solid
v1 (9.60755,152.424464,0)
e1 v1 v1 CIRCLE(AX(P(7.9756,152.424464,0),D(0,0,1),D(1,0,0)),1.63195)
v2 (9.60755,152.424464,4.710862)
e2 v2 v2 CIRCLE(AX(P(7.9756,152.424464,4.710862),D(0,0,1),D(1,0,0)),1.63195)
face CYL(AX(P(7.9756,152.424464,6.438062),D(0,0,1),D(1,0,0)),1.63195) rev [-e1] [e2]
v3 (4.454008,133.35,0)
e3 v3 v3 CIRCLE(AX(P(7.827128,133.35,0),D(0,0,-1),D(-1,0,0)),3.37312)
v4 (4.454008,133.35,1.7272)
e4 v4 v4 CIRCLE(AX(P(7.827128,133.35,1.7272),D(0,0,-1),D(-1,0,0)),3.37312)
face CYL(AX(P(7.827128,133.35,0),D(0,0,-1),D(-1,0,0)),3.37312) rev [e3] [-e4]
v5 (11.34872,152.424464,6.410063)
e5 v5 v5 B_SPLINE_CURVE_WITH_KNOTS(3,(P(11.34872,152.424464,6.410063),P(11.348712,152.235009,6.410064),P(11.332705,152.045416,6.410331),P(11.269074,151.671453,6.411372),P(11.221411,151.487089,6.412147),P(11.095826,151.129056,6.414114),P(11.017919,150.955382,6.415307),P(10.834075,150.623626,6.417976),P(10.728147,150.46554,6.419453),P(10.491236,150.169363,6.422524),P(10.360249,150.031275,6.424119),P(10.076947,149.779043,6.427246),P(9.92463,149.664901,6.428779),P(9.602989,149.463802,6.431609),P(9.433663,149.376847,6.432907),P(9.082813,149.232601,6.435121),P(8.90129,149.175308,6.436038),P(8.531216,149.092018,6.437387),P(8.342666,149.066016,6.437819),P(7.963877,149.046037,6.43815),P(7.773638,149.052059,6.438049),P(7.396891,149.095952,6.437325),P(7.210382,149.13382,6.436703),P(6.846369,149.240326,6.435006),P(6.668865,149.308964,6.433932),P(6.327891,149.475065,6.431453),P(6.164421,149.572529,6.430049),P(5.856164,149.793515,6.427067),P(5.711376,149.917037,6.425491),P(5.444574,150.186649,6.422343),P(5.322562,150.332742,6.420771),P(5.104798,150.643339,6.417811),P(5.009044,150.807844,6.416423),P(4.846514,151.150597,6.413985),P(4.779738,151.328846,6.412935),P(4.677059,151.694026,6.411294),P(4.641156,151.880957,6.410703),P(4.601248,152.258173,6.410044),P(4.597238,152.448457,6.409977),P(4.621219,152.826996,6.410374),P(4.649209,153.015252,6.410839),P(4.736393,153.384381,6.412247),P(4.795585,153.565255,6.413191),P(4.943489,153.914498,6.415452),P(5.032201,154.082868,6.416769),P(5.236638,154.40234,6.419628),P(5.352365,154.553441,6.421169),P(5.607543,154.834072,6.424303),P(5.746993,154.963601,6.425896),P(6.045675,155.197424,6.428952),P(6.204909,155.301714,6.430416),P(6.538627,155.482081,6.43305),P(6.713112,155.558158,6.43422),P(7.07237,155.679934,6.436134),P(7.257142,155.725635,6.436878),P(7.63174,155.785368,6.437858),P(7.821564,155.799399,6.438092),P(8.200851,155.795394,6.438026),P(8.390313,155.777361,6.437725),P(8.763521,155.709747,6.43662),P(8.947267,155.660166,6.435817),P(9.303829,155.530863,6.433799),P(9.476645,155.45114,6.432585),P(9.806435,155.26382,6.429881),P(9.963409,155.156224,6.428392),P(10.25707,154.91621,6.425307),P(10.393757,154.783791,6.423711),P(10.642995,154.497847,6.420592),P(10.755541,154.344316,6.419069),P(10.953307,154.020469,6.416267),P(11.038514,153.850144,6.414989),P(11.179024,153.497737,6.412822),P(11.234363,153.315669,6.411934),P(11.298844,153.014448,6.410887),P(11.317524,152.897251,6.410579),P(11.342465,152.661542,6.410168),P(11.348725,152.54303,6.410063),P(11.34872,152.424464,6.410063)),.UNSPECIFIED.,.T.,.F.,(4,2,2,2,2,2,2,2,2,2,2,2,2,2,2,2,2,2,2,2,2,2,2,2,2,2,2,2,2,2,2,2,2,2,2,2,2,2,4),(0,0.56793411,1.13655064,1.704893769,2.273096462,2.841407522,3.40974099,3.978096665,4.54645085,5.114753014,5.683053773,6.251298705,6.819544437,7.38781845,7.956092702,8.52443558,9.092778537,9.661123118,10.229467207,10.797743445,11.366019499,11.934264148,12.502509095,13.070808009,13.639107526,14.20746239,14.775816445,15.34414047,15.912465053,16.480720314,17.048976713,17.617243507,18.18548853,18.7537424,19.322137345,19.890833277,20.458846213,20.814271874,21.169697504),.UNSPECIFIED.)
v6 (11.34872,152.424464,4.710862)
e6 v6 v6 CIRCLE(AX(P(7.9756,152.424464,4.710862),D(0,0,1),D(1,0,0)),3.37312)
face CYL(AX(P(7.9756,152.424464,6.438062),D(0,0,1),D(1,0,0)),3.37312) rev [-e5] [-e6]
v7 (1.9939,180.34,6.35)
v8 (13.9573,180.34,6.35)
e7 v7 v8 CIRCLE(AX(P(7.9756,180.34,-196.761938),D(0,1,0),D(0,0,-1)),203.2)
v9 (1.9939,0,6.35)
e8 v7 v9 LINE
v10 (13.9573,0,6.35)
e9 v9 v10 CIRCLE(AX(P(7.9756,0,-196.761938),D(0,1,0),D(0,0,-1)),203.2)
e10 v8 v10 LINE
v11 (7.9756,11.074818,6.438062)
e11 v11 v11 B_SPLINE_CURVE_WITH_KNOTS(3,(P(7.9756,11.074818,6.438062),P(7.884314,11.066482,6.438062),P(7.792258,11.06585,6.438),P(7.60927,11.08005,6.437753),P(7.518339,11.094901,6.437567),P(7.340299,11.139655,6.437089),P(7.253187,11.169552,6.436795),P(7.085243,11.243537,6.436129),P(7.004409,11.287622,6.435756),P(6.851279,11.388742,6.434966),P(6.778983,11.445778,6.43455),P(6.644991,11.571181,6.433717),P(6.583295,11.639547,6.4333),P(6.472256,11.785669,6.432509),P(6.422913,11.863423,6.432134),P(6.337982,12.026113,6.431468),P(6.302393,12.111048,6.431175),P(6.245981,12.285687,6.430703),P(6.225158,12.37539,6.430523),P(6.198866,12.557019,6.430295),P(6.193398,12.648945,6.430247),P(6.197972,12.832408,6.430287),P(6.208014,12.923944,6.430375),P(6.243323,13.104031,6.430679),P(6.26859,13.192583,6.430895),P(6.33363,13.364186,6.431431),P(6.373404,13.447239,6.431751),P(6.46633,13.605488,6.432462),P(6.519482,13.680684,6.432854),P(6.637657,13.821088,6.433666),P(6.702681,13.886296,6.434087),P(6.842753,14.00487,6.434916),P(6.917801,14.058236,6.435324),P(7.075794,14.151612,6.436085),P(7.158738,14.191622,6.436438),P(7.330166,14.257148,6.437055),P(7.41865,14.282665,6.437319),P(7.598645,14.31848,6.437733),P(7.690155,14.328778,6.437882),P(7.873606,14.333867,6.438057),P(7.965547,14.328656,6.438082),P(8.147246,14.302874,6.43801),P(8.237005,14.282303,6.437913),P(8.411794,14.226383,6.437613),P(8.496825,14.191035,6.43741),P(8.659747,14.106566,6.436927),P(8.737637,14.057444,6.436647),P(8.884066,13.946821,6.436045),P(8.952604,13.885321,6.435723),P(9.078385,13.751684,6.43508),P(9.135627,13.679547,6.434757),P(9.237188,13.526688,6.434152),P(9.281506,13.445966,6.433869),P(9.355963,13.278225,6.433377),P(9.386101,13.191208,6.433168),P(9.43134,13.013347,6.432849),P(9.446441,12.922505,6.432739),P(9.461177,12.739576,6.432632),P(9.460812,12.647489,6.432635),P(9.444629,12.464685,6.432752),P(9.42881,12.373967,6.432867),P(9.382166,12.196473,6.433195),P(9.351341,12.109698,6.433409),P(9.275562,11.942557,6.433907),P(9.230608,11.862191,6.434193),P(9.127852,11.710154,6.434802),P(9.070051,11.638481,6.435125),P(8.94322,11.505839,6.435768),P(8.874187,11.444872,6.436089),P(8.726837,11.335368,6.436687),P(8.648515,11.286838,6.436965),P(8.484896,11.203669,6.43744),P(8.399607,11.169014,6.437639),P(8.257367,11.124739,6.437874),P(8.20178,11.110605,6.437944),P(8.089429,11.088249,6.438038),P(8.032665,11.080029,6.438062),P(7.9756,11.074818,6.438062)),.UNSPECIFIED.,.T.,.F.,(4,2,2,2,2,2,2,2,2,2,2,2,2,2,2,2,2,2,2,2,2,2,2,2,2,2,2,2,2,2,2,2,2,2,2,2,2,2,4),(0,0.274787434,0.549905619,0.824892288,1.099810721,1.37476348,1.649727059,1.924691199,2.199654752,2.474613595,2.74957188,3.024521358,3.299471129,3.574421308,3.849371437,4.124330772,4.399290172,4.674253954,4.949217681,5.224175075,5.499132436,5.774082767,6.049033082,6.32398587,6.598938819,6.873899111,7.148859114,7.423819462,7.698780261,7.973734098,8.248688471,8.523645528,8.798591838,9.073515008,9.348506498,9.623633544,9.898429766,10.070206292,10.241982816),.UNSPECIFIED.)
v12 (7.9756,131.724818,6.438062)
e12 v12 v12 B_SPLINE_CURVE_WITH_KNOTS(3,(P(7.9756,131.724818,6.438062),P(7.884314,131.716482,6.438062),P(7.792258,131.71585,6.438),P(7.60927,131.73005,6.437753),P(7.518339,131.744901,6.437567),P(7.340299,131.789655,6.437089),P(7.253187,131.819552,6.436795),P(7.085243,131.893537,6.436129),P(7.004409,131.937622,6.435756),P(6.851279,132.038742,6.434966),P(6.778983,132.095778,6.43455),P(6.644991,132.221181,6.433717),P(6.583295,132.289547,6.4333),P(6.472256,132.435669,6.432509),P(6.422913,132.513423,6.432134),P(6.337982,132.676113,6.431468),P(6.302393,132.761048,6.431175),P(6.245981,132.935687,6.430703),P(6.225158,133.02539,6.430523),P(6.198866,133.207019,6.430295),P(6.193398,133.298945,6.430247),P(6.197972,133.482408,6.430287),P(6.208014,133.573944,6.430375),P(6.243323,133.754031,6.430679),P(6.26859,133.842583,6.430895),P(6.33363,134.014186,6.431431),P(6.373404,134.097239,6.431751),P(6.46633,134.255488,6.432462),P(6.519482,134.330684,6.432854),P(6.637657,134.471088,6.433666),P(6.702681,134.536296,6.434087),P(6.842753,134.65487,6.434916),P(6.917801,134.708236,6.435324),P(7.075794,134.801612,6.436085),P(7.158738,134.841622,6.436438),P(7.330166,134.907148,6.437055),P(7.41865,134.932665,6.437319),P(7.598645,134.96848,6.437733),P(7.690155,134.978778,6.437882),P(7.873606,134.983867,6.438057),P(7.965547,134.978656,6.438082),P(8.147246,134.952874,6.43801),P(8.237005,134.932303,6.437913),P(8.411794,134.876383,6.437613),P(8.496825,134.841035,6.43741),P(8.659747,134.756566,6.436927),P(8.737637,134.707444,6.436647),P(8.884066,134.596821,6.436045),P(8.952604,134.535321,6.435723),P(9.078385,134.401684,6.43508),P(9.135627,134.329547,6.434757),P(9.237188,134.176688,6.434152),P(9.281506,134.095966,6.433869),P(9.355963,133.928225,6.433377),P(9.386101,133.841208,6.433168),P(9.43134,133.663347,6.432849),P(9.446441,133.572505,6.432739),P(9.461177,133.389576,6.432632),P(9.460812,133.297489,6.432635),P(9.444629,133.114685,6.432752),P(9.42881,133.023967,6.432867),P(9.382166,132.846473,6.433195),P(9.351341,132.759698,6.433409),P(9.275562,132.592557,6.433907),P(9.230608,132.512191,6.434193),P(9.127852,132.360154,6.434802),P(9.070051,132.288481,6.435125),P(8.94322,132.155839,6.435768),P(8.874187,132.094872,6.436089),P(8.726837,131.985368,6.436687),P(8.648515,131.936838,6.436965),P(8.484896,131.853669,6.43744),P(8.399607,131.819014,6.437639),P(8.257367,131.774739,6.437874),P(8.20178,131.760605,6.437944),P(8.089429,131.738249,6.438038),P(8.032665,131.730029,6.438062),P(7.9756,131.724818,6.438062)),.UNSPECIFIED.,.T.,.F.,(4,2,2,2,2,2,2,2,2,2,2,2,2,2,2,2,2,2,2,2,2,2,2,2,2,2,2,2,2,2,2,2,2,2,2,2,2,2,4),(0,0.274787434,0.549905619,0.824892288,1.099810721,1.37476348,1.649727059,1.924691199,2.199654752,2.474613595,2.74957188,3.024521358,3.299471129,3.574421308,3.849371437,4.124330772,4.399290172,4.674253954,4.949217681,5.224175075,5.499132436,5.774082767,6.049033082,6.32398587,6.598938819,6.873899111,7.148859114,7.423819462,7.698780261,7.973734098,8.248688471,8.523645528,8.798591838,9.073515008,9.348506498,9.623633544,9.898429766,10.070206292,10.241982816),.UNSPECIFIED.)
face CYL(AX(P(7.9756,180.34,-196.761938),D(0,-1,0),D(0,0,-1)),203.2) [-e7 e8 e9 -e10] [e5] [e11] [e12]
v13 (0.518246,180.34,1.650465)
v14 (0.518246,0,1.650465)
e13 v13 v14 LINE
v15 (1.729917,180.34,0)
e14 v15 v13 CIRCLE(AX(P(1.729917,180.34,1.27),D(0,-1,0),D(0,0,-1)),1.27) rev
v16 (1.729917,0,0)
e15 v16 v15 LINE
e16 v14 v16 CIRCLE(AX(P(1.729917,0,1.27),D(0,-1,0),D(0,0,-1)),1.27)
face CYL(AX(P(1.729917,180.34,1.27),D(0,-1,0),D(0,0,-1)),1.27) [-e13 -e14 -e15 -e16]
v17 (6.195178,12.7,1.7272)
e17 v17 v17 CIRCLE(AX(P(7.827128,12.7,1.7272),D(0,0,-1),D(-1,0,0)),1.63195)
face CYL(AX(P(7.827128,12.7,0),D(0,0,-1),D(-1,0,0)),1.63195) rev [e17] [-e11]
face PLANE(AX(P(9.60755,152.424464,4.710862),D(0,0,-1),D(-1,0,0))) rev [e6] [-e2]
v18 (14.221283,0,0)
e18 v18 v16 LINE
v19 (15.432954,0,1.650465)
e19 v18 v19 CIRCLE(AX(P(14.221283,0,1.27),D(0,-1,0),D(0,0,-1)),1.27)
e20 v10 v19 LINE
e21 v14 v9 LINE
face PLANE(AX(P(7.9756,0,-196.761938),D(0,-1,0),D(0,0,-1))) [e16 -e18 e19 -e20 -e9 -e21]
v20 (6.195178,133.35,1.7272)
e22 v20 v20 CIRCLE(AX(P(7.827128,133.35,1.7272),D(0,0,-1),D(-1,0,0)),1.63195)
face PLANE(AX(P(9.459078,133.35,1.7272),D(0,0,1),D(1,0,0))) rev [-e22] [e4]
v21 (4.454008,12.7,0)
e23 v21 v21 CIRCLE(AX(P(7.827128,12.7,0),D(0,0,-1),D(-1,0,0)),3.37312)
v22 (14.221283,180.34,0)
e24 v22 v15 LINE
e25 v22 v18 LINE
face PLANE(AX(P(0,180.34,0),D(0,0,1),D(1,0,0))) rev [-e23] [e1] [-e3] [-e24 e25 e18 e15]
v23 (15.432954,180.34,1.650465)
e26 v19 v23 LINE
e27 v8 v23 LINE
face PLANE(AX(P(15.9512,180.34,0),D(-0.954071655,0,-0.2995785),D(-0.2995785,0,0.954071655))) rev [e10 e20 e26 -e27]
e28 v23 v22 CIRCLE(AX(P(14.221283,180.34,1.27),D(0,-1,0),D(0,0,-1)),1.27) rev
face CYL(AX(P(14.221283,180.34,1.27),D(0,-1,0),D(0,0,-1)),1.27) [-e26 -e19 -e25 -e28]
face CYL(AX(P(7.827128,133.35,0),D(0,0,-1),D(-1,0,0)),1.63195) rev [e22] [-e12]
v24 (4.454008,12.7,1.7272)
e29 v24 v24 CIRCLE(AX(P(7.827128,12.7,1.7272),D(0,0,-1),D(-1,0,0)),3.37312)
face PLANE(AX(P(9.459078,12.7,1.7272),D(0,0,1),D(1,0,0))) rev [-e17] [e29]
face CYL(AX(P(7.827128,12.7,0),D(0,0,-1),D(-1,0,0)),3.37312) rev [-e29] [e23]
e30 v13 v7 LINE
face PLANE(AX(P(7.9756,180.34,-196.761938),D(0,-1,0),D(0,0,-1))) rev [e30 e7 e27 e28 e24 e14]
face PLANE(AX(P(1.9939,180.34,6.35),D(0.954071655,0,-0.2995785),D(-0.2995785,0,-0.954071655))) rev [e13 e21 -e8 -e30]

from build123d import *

# Parameters (mm, degrees)
BOSS_EXTRUDE4_DEPTH                                 = 180.34
CBORE_FOR_4_BINDING_HEAD_MACHINE_SCREW1_D           = 3.2639
CBORE_FOR_4_BINDING_HEAD_MACHINE_SCREW1_CBORE_D     = 6.74624
CBORE_FOR_4_BINDING_HEAD_MACHINE_SCREW1_CBORE_DEPTH = 1.7272
FILLET1_R                                           = 1.27
CBORE_FOR_4_BINDING_HEAD_MACHINE_SCREW2_D           = 3.2639
CBORE_FOR_4_BINDING_HEAD_MACHINE_SCREW2_CBORE_D     = 6.74624
CBORE_FOR_4_BINDING_HEAD_MACHINE_SCREW2_CBORE_DEPTH = 1.7272


with BuildPart() as part:
    # Sketch5 → Boss-Extrude4 (new body)
    with BuildSketch(Plane(origin=(0, 0, 0), x_dir=(1, 0, 0), z_dir=(0, 1, 0))):
        with BuildLine():
            Line((0, 0), (15.9512, 0))
            Line((15.9512, 0), (13.9573, -6.35))
            ThreePointArc((13.9573, -6.35), (7.9756, -6.438062229), (1.9939, -6.35))
            Line((1.9939, -6.35), (0, 0))
        make_face()
    extrude(amount=BOSS_EXTRUDE4_DEPTH)

    # CBORE for #4 Binding Head Machine Screw1 (through all)
    with Locations(Plane(origin=(0, 0, 0), x_dir=(-1, 0, 0), z_dir=(0, 0, -1))):
        with Locations((-7.827128231, 133.35), (-7.827128231, 12.7)):
            CounterBoreHole(CBORE_FOR_4_BINDING_HEAD_MACHINE_SCREW1_D / 2, CBORE_FOR_4_BINDING_HEAD_MACHINE_SCREW1_CBORE_D / 2, CBORE_FOR_4_BINDING_HEAD_MACHINE_SCREW1_CBORE_DEPTH)

    # Fillet1
    fillet1_edges = [part.edges().sort_by_distance(p)[0] for p in [
        (0, 90.17, 0),
        (15.9512, 90.17, 0),
    ]]
    fillet(fillet1_edges, radius=FILLET1_R)

    # CBORE for #4 Binding Head Machine Screw2 (through all)
    with Locations(Plane(origin=(7.9756, 152.424464219, 6.438062229), x_dir=(1, 0, 0), z_dir=(0, 0, 1))):
        with Locations((0, 0)):
            CounterBoreHole(CBORE_FOR_4_BINDING_HEAD_MACHINE_SCREW2_D / 2, CBORE_FOR_4_BINDING_HEAD_MACHINE_SCREW2_CBORE_D / 2, CBORE_FOR_4_BINDING_HEAD_MACHINE_SCREW2_CBORE_DEPTH)


solid = part.part
